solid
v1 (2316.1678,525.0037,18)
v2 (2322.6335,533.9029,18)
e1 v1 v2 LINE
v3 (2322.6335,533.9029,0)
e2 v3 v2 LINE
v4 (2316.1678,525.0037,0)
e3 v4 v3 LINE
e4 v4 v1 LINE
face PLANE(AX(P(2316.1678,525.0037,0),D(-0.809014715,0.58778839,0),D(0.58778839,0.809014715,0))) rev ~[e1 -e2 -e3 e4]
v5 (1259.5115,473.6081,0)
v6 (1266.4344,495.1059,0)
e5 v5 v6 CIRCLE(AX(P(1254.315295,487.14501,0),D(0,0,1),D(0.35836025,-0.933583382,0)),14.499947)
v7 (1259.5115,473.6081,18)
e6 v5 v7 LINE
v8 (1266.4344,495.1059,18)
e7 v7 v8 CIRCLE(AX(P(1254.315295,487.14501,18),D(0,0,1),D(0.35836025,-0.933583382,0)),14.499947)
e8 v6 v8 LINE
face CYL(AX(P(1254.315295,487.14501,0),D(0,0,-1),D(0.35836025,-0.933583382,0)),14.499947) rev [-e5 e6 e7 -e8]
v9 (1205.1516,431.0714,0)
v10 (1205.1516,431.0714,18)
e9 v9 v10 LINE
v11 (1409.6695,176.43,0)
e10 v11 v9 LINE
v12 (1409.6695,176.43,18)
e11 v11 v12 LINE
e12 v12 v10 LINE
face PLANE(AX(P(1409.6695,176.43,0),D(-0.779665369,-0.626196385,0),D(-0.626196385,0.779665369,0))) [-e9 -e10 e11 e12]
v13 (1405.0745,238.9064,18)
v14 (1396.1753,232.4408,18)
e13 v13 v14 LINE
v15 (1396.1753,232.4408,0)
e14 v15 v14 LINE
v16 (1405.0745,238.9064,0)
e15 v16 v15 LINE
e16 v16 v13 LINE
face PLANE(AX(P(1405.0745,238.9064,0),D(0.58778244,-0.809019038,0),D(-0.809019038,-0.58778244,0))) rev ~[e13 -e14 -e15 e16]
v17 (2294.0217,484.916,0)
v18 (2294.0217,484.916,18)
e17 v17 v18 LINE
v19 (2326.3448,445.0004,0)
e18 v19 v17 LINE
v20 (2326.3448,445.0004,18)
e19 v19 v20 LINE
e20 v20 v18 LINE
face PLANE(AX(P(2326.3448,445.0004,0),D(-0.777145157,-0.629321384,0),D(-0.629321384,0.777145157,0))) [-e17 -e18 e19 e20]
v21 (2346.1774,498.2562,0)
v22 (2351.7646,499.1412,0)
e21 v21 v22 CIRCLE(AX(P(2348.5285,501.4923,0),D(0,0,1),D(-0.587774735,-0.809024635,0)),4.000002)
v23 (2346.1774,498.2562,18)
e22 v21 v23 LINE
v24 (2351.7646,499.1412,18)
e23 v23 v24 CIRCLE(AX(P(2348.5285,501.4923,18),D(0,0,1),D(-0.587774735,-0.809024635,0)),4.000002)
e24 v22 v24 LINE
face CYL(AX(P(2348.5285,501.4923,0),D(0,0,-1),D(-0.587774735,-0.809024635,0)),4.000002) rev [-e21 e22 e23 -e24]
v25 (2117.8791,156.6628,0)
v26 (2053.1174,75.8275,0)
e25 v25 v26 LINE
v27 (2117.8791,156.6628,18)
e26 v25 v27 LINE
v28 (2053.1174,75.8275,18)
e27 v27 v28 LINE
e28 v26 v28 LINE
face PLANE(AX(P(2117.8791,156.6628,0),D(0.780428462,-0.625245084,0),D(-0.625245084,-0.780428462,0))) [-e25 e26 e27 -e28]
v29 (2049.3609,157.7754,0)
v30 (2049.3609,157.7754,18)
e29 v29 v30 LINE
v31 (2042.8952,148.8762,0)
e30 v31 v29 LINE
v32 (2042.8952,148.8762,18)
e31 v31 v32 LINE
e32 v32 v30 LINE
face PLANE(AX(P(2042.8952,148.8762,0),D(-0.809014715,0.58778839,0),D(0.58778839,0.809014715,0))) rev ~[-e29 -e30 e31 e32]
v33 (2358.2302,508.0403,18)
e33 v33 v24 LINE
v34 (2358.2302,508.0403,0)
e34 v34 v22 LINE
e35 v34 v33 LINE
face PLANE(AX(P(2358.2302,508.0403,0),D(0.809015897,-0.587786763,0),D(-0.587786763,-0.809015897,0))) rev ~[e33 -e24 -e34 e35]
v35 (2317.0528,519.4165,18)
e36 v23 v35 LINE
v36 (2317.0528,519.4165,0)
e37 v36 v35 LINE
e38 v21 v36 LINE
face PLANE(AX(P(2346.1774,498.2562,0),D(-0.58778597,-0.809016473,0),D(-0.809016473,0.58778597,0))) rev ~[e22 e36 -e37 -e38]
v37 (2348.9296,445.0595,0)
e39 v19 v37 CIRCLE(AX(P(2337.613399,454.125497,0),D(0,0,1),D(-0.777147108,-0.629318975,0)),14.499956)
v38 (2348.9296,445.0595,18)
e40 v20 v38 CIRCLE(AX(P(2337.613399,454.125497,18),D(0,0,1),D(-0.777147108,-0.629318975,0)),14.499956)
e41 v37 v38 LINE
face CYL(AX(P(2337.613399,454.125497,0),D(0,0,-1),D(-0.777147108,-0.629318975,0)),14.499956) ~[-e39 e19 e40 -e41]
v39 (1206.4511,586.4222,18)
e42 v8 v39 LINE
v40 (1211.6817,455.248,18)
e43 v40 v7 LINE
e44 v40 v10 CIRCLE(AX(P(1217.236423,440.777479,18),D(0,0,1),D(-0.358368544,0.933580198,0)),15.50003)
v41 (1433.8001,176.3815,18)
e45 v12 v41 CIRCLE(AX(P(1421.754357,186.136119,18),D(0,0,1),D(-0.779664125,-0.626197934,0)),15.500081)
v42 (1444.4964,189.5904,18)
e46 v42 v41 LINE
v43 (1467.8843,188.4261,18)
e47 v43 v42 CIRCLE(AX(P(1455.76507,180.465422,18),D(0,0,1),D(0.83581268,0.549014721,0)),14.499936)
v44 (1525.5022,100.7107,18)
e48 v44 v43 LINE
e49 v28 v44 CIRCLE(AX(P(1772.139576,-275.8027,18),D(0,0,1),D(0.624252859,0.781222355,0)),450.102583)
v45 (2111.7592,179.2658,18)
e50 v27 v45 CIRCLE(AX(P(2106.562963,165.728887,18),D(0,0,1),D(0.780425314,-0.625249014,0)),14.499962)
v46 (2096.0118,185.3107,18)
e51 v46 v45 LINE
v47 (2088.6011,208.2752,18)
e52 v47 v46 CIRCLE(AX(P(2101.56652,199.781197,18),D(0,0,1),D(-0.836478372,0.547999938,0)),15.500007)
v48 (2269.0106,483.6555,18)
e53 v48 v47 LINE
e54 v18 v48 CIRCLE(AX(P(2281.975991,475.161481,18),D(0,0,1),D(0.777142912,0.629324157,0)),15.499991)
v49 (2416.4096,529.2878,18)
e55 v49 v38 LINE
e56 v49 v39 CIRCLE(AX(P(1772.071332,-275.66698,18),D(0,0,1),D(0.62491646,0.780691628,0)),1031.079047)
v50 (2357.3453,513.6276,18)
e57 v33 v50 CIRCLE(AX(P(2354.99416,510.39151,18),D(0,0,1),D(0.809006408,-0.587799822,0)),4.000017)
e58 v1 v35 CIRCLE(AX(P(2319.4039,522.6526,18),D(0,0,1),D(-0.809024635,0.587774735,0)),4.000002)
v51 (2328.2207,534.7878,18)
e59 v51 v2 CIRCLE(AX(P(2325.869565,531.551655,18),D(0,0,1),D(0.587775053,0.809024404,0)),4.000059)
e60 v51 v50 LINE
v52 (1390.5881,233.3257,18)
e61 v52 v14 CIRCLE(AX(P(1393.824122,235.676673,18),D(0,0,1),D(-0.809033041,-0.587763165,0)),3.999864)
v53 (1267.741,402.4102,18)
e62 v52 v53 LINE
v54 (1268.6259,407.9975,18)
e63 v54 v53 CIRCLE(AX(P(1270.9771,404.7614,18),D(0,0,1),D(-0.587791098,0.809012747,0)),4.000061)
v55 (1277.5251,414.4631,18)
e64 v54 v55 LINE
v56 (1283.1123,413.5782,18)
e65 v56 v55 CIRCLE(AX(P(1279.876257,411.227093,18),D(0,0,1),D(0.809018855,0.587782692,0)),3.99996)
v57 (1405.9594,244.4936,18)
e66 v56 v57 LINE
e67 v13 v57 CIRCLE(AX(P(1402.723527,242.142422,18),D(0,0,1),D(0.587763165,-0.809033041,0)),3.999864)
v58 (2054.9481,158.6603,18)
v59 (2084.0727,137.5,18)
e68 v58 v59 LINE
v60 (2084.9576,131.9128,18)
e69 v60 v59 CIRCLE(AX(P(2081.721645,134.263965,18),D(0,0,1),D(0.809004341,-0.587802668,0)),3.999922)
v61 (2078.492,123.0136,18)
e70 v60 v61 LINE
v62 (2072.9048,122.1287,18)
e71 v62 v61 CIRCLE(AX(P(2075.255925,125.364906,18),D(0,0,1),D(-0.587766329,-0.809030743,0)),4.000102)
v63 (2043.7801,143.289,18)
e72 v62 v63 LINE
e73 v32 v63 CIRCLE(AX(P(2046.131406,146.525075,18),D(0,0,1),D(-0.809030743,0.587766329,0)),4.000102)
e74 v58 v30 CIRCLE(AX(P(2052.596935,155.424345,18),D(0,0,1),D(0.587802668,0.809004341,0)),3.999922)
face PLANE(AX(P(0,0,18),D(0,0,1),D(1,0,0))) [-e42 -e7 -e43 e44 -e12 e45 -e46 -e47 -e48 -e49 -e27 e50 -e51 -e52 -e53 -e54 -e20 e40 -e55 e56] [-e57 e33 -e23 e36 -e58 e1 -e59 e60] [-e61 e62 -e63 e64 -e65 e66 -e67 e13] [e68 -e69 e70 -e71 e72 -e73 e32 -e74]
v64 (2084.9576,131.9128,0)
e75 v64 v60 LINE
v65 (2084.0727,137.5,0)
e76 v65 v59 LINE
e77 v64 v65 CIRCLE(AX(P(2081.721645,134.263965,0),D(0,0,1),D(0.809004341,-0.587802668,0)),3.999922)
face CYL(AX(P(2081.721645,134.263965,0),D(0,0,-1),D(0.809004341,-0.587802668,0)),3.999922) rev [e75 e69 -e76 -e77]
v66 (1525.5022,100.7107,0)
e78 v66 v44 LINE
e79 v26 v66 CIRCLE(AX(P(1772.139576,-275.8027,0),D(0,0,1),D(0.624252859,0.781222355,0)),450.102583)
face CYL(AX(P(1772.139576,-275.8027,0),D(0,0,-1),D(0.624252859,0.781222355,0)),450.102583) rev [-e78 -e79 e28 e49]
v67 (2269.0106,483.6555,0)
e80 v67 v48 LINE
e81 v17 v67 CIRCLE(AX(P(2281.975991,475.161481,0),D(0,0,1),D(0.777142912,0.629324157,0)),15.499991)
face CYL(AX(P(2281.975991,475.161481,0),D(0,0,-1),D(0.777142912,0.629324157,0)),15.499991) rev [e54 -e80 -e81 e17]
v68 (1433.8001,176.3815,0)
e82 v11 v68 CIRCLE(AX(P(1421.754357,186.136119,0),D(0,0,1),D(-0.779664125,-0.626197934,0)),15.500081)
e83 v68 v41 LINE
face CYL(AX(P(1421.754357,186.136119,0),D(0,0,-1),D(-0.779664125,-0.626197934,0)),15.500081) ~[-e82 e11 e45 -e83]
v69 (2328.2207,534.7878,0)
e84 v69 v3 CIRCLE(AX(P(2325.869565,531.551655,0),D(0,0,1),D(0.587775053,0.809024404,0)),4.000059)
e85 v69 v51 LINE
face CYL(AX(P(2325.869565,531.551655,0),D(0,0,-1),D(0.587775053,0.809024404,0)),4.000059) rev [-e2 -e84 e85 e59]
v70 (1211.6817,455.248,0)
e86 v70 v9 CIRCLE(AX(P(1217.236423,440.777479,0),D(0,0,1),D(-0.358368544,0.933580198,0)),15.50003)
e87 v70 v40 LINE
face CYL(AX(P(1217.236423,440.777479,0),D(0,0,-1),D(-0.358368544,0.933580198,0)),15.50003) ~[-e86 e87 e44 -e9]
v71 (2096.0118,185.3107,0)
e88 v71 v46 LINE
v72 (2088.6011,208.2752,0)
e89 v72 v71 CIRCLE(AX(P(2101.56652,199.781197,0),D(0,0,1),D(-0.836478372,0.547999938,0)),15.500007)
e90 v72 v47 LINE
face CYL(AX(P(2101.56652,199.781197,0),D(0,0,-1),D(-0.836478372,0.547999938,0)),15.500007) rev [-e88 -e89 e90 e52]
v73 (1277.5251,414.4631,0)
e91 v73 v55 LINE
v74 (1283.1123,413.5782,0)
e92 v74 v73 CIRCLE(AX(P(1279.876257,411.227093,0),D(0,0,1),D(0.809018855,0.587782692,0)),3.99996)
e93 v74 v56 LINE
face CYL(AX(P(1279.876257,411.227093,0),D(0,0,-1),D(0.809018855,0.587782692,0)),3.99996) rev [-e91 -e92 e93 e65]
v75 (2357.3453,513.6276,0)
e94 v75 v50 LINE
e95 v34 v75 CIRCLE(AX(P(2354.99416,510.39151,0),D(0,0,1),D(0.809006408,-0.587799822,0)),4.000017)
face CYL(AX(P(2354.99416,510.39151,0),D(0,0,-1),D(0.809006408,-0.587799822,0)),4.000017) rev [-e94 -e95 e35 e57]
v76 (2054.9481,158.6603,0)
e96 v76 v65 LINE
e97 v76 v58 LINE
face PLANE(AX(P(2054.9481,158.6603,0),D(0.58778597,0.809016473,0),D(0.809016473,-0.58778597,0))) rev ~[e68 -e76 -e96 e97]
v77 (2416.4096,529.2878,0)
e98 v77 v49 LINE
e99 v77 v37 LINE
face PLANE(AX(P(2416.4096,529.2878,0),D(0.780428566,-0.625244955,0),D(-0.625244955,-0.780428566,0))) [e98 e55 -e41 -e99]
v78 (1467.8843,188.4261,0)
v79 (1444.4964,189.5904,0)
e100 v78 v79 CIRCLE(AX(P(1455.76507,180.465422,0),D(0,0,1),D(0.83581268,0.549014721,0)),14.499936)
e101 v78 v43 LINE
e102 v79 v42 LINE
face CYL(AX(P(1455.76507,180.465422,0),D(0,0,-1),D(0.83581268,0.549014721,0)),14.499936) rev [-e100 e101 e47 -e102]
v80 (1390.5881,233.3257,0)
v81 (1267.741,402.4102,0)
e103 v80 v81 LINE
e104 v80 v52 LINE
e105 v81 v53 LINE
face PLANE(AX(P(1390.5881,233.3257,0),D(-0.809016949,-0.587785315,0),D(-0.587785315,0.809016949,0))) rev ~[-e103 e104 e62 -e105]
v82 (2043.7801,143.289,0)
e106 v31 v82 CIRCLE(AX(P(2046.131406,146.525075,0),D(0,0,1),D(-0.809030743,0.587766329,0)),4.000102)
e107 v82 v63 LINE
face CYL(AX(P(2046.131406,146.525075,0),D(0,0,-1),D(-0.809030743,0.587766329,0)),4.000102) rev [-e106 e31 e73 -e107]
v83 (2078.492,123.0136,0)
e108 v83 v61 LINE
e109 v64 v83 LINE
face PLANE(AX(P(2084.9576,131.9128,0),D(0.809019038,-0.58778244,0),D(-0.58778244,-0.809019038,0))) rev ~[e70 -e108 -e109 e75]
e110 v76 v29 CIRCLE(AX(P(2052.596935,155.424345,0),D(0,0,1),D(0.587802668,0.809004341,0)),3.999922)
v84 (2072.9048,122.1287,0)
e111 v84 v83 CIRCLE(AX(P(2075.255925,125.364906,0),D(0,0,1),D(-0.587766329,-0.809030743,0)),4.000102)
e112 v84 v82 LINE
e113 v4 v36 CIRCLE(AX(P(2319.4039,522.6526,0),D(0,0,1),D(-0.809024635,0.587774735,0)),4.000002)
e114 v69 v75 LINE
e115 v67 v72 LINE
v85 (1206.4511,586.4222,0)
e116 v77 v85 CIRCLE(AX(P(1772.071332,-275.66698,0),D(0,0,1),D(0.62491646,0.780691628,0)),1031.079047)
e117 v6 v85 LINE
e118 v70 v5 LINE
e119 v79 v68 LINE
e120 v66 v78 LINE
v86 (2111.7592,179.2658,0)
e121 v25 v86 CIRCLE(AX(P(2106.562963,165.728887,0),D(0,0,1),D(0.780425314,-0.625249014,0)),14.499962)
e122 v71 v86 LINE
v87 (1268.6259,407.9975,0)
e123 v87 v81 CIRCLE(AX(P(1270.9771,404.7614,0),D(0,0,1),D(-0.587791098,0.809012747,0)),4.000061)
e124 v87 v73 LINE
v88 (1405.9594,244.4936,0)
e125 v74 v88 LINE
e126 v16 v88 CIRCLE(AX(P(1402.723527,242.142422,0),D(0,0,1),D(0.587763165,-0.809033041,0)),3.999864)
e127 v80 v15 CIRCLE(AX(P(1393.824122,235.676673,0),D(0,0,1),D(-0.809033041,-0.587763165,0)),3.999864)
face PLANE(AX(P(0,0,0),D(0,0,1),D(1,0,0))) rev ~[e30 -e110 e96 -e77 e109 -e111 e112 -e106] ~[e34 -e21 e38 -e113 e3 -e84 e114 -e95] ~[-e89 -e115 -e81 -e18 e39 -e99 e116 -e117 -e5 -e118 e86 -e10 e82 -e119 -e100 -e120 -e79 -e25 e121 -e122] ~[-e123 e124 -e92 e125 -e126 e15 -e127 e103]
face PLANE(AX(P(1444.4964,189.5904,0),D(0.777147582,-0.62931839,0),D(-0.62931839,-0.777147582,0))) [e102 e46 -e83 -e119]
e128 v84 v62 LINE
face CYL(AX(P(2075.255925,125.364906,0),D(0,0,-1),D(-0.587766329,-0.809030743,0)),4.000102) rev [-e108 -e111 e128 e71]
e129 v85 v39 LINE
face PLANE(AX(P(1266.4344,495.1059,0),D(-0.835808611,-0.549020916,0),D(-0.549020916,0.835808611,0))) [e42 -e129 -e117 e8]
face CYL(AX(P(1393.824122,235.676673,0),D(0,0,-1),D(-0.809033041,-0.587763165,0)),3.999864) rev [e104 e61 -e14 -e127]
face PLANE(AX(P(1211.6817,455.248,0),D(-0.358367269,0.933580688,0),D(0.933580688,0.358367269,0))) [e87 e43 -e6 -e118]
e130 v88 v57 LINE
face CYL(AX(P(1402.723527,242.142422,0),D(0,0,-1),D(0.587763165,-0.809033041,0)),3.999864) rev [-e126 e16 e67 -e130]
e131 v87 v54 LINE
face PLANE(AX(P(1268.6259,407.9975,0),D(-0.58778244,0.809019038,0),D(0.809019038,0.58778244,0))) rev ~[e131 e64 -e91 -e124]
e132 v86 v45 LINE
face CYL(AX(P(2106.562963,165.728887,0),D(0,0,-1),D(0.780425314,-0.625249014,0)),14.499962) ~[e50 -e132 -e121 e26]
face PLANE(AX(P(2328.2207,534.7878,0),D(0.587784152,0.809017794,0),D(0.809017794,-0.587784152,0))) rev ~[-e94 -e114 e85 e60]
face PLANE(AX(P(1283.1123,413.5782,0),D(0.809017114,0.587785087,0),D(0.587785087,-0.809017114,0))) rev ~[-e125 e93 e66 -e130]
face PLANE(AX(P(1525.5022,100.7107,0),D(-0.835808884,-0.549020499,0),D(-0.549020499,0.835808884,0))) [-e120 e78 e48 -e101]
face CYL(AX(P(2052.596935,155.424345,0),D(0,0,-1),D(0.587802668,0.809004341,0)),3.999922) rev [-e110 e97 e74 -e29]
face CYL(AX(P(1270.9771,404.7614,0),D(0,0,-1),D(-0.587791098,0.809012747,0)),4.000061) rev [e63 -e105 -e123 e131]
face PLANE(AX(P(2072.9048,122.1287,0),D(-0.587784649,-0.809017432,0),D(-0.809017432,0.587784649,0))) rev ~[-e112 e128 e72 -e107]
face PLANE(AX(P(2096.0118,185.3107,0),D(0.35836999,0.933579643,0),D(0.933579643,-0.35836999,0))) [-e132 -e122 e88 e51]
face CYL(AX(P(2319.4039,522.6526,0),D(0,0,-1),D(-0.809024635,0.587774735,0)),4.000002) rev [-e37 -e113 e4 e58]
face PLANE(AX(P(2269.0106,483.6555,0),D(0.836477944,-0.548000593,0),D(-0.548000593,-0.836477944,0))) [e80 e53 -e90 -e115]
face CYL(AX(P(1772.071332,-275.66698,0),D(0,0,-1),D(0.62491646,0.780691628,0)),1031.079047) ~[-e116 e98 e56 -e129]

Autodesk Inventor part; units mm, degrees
ref_plane "YZ Plane" through (0, 0, 0) normal (1, 0, 0) x (0, 1, 0)
ref_plane "XZ Plane" through (0, 0, 0) normal (0, 1, 0) x (-1, 0, 0)
ref_plane "XY Plane" through (0, 0, 0) normal (0, 0, 1) x (1, 0, 0)
sketch "CONTOURS" plane through (0, 0, 0) normal (0, 0, 1) x (1, 0, 0)
  arc A0 (1467.8843, 188.4261) -> (1444.4964, 189.5904) centre (1455.765, 180.4653) ccw
  line L0 (1444.4964, 189.5904) -> (1433.8001, 176.3815)
  arc A1 (1409.6695, 176.43) -> (1433.8001, 176.3815) centre (1421.7543, 186.136) ccw
  line L1 (1409.6695, 176.43) -> (1205.1516, 431.0714)
  arc A2 (1211.6817, 455.248) -> (1205.1516, 431.0714) centre (1217.2364, 440.7775) ccw
  line L2 (1211.6817, 455.248) -> (1259.5115, 473.6081)
  arc A3 (1259.5115, 473.6081) -> (1266.4344, 495.1059) centre (1254.3152, 487.1451) ccw
  line L3 (1266.4344, 495.1059) -> (1206.4511, 586.4222)
  arc A4 (2416.4096, 529.2878) -> (1206.4511, 586.4222) centre (1772.0714, -275.6668) ccw
  line L4 (2416.4096, 529.2878) -> (2348.9296, 445.0595)
  arc A5 (2326.3448, 445.0004) -> (2348.9296, 445.0595) centre (2337.6134, 454.1255) ccw
  line L5 (2326.3448, 445.0004) -> (2294.0217, 484.916)
  arc A6 (2294.0217, 484.916) -> (2269.0106, 483.6555) centre (2281.976, 475.1615) ccw
  line L6 (2269.0106, 483.6555) -> (2088.6011, 208.2752)
  arc A7 (2088.6011, 208.2752) -> (2096.0118, 185.3107) centre (2101.5665, 199.7812) ccw
  line L7 (2096.0118, 185.3107) -> (2111.7592, 179.2658)
  arc A8 (2117.8791, 156.6628) -> (2111.7592, 179.2658) centre (2106.5629, 165.7289) ccw
  line L8 (2117.8791, 156.6628) -> (2053.1174, 75.8275)
  arc A9 (2053.1174, 75.8275) -> (1525.5022, 100.7107) centre (1772.1395, -275.8029) ccw
  line L9 (1525.5022, 100.7107) -> (1467.8843, 188.4261)
sketch "HOLES" plane through (0, 0, 0) normal (0, 0, 1) x (1, 0, 0)
  line L0 (2054.9481, 158.6603) -> (2084.0727, 137.5)
  arc A0 (2084.9576, 131.9128) -> (2084.0727, 137.5) centre (2081.7215, 134.264) ccw
  line L1 (2084.9576, 131.9128) -> (2078.492, 123.0136)
  arc A1 (2072.9048, 122.1287) -> (2078.492, 123.0136) centre (2075.2559, 125.3648) ccw
  line L2 (2072.9048, 122.1287) -> (2043.7801, 143.289)
  arc A2 (2042.8952, 148.8762) -> (2043.7801, 143.289) centre (2046.1313, 146.5251) ccw
  line L3 (2042.8952, 148.8762) -> (2049.3609, 157.7754)
  arc A3 (2054.9481, 158.6603) -> (2049.3609, 157.7754) centre (2052.5969, 155.4242) ccw
  line L4 (1405.0745, 238.9064) -> (1396.1753, 232.4408)
  arc A4 (1390.5881, 233.3257) -> (1396.1753, 232.4408) centre (1393.8242, 235.6768) ccw
  line L5 (1390.5881, 233.3257) -> (1267.741, 402.4102)
  arc A5 (1268.6259, 407.9975) -> (1267.741, 402.4102) centre (1270.9771, 404.7614) ccw
  line L6 (1268.6259, 407.9975) -> (1277.5251, 414.4631)
  arc A6 (1283.1123, 413.5782) -> (1277.5251, 414.4631) centre (1279.8762, 411.227) ccw
  line L7 (1283.1123, 413.5782) -> (1405.9594, 244.4936)
  arc A7 (1405.0745, 238.9064) -> (1405.9594, 244.4936) centre (1402.7234, 242.1425) ccw
  line L8 (2316.1678, 525.0037) -> (2322.6335, 533.9029)
  arc A8 (2328.2207, 534.7878) -> (2322.6335, 533.9029) centre (2325.8696, 531.5518) ccw
  line L9 (2328.2207, 534.7878) -> (2357.3453, 513.6276)
  arc A9 (2358.2302, 508.0403) -> (2357.3453, 513.6276) centre (2354.9942, 510.3915) ccw
  line L10 (2358.2302, 508.0403) -> (2351.7646, 499.1412)
  arc A10 (2346.1774, 498.2562) -> (2351.7646, 499.1412) centre (2348.5285, 501.4923) ccw
  line L11 (2346.1774, 498.2562) -> (2317.0528, 519.4165)
  arc A11 (2316.1678, 525.0037) -> (2317.0528, 519.4165) centre (2319.4039, 522.6526) ccw
sketch "LETTERS" plane through (0, 0, 0) normal (0, 0, 1) x (1, 0, 0)
  line L0 (2123.0862, 379.0631) -> (2113.6777, 384.09)
  line L1 (2105.5346, 377.443) -> (2118.4889, 370.5215)
  line L2 (2118.4889, 370.5215) -> (2127.8234, 387.992)
extrude "Extrusion3" add sketch "CONTOURS" along normal blind 18
extrude "Extrusion4" cut sketch "HOLES" along normal blind 18
properties part number "Platform F3" material "Wood (Birch)"
